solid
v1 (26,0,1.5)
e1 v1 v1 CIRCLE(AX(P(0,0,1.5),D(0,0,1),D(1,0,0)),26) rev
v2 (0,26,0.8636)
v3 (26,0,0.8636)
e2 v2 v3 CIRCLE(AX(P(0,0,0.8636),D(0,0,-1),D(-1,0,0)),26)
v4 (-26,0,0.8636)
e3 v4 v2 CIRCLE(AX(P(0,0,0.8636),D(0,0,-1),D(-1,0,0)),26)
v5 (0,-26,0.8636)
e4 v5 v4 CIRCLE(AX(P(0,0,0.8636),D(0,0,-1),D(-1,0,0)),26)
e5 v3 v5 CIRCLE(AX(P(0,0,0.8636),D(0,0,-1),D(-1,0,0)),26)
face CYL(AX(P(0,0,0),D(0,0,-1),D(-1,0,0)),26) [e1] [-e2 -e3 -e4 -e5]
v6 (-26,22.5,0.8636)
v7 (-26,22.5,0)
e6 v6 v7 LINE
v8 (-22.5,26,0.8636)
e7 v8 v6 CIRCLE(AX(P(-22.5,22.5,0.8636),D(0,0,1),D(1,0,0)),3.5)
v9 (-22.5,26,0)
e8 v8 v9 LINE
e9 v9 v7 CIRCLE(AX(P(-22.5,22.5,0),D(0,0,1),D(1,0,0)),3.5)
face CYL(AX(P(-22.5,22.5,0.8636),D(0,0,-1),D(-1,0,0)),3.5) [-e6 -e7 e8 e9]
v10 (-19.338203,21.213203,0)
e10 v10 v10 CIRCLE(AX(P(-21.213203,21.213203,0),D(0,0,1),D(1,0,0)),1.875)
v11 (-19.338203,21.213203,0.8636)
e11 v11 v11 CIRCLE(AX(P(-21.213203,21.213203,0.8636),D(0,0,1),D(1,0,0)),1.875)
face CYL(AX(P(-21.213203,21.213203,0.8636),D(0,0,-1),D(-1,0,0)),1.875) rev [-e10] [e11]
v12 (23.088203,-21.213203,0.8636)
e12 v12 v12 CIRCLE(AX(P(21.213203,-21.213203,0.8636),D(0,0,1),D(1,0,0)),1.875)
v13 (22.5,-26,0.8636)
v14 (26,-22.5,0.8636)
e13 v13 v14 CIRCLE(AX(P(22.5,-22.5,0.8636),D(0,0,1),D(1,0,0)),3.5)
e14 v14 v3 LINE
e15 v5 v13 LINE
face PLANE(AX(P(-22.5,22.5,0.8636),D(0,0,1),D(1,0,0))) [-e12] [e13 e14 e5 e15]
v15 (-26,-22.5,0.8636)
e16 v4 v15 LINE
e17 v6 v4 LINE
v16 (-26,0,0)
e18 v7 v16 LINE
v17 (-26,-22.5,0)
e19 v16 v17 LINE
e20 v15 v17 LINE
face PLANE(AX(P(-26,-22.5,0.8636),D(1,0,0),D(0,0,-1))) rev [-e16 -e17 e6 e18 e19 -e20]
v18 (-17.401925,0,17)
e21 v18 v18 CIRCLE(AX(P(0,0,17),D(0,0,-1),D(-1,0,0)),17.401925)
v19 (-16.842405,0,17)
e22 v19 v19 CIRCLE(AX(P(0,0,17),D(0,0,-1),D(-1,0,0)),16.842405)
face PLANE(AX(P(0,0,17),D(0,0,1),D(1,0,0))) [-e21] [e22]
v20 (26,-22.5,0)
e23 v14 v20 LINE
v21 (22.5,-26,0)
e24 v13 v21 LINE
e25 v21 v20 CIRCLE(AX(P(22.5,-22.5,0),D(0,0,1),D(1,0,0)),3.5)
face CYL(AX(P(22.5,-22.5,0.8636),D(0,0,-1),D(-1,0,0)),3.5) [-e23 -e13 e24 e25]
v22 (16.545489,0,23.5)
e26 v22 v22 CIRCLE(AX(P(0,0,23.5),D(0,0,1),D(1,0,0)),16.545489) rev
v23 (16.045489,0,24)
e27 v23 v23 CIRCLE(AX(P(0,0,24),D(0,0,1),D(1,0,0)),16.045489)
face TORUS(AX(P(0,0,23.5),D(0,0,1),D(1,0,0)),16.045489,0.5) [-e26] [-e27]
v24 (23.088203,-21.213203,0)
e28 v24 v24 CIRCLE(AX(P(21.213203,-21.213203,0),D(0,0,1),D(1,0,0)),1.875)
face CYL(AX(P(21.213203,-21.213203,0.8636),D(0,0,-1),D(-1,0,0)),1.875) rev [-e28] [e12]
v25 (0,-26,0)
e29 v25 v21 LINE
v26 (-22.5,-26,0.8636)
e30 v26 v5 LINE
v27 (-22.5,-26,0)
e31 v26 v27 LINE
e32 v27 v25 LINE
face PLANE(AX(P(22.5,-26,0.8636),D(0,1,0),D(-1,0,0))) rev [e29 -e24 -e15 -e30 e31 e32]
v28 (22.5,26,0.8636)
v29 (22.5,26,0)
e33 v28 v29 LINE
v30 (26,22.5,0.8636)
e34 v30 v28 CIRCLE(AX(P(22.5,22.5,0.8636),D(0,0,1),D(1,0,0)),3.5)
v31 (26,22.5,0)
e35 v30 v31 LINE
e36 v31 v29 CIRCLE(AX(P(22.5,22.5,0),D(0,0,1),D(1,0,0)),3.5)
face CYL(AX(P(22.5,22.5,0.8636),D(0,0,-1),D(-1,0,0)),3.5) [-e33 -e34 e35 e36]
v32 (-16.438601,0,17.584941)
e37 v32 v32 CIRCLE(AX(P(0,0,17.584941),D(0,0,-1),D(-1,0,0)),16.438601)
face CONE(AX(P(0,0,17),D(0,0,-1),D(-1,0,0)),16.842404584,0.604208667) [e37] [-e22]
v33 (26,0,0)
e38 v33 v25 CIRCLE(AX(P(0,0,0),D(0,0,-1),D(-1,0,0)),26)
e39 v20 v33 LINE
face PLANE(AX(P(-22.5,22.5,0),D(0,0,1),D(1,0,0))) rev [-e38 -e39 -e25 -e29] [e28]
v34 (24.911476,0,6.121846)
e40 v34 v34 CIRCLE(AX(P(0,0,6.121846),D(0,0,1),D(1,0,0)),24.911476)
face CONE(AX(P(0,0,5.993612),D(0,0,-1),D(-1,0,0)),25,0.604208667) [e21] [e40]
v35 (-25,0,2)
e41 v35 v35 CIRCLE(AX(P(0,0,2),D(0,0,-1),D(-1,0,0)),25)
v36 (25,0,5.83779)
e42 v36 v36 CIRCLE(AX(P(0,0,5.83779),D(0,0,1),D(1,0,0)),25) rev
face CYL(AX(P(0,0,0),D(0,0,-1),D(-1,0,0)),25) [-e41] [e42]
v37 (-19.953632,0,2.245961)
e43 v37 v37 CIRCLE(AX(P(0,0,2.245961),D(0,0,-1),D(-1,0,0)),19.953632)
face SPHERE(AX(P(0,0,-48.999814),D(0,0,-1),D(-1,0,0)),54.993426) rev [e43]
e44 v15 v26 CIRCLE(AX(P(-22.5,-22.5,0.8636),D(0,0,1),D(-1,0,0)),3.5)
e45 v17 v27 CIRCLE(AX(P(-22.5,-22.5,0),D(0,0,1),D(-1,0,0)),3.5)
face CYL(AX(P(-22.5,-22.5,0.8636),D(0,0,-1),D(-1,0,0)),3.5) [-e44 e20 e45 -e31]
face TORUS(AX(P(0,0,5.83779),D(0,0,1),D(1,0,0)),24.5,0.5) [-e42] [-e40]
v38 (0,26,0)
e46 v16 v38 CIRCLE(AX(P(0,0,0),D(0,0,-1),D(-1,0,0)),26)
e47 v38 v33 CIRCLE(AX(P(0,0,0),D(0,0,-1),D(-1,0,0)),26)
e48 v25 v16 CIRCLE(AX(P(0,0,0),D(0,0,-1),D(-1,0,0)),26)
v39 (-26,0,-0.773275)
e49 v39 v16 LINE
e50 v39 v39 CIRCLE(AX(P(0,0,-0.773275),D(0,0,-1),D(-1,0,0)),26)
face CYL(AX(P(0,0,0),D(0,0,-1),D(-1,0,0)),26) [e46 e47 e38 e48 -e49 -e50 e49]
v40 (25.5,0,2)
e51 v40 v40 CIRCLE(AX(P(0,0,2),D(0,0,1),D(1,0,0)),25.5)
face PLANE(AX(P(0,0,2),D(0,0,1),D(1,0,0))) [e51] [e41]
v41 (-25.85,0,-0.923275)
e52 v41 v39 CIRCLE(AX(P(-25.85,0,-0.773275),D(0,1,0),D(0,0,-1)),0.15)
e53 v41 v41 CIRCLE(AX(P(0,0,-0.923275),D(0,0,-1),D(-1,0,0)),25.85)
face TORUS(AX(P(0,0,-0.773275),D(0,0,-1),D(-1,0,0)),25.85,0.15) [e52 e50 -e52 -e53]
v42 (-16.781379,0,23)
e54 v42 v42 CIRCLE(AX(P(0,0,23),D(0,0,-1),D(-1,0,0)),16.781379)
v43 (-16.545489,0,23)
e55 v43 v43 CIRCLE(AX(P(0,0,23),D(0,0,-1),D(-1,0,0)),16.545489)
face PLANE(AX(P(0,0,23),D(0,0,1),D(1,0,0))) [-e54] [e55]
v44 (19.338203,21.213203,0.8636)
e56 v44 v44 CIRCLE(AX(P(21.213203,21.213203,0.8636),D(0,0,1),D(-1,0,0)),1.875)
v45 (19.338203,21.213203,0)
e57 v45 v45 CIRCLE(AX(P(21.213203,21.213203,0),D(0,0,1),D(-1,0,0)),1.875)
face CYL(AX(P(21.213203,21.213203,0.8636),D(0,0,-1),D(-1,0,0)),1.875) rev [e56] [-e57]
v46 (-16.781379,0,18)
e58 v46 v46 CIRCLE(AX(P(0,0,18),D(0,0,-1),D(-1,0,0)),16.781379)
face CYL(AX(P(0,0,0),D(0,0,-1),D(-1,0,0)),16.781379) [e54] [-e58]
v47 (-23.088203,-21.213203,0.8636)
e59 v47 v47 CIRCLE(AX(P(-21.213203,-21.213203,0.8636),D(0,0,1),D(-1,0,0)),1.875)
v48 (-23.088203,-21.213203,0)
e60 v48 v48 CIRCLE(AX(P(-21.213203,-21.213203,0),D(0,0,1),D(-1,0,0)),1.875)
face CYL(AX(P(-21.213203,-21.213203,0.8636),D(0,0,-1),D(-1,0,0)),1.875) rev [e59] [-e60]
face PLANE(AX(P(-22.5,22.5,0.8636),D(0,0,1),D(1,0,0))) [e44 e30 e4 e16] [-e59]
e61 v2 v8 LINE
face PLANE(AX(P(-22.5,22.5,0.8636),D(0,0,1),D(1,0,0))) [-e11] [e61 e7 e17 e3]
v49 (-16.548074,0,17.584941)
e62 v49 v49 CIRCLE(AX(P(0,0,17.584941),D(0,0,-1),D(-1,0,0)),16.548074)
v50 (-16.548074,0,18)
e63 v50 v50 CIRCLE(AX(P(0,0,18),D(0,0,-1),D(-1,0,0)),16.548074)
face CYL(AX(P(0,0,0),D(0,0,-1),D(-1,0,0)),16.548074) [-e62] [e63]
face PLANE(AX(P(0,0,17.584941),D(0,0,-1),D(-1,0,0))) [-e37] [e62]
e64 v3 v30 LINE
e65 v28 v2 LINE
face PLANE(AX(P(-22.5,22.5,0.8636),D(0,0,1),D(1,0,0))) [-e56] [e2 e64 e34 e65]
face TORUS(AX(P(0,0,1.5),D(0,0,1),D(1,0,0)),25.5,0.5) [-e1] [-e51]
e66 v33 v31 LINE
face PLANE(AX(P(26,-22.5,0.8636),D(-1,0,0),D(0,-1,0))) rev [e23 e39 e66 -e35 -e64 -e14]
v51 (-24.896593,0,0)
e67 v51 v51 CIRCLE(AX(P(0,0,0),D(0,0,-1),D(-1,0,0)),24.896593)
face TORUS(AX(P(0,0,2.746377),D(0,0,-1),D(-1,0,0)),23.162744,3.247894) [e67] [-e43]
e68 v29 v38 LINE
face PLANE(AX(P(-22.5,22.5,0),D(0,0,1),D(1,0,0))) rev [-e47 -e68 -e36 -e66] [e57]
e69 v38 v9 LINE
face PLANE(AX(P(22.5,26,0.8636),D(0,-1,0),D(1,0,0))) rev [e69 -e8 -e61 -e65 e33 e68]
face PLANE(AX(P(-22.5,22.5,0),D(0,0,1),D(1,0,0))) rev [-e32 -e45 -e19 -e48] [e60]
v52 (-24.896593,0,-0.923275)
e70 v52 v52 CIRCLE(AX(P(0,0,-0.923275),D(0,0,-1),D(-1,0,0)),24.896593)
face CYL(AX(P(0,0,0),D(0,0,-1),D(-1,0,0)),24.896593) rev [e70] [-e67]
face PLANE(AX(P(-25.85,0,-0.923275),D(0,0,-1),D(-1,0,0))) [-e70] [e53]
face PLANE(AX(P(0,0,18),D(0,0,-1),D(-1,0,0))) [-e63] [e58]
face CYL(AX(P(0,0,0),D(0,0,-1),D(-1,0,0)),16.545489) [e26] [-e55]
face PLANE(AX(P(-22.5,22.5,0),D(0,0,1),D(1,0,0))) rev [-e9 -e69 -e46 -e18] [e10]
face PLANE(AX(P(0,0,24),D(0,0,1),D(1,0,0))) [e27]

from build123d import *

# Parameters (mm, degrees)
SKETCH1_R           = 1.8750000000000036
BOSS_EXTRUDE1_DEPTH = 0.8636
FILLET1_R           = 0.5


with BuildPart() as part:
    # Sketch1 → Boss-Extrude1 (new body)
    with BuildSketch(Plane.XY):
        with BuildLine():
            Line((22.49999999999997, -26), (-22.499999999999975, -26.000000000000004))
            ThreePointArc((-22.499999999999975, -26.000000000000004), (-24.974873734152915, -24.97487373415292), (-26, -22.49999999999998))
            Line((-26, -22.49999999999998), (-26, 22.49999999999997))
            ThreePointArc((-26, 22.49999999999997), (-24.974873734152915, 24.97487373415291), (-22.499999999999975, 25.999999999999996))
            Line((-22.499999999999975, 25.999999999999996), (22.499999999999975, 26))
            ThreePointArc((22.499999999999975, 26), (24.974873734152915, 24.974873734152915), (26, 22.499999999999975))
            Line((26, 22.499999999999975), (25.999999999999996, -22.499999999999975))
            ThreePointArc((25.999999999999996, -22.499999999999975), (24.97487373415291, -24.974873734152915), (22.49999999999997, -26))
        make_face()
        with Locations((-21.213203435596427, 21.21320343559642)):
            Circle(SKETCH1_R, mode=Mode.SUBTRACT)
        with Locations(Location((21.213203435596427, 21.21320343559642, 0), (0, 0, 180))):
            Circle(SKETCH1_R, mode=Mode.SUBTRACT)
        with Locations(Location((-21.213203435596427, -21.21320343559642, 0), (0, 0, 180))):
            Circle(SKETCH1_R, mode=Mode.SUBTRACT)
        with Locations((21.213203435596427, -21.21320343559642)):
            Circle(SKETCH1_R, mode=Mode.SUBTRACT)
    extrude(amount=BOSS_EXTRUDE1_DEPTH)

    # Sketch4 → Revolve1 (revolve)
    with BuildSketch(Plane(origin=(0, 0, 0), x_dir=(0, 0, -1), z_dir=(1, 0, 0)), mode=Mode.PRIVATE) as revolve1_sk:
        Polygon((-0.8636, -26), (-0.8636, 0), (-24, -2.94e-15), (-24, -16.545489284823752), (-23, -16.545489284823752), (-23, -16.781378729014488), (-18, -16.781378729014484), (-18, -16.548074110049598), (-17.58494072823025, -16.548074110049598), (-17.58494072823025, -16.43860058443829), (-16.999999999999993, -16.84240458428251), (-16.999999999999993, -17.401925043942242), (-5.993612000725398, -24.999999999999996), (-2, -24.999999999999996), (-2, -26), align=None)
    revolve(revolve1_sk.sketch.rotate(Axis((0, 0, 0), (0, 0, 1)), 270), axis=Axis((0, 0, 0), (0, 0, 1)))

    # Sweep2: sweep along a path in Sketch5
    with BuildLine(Plane(origin=(0, 0, 0), x_dir=(-1, 0, 0), z_dir=(0, 0, -1))) as sweep2_path:
        CenterArc((0, 0), 26, 0, 360)
    # Sketch6 → Sweep2 (sweep)
    with BuildSketch(Plane(origin=(0, 0, 0), x_dir=(1, 0, 0), z_dir=(0, 1, 0))):
        with BuildLine():
            Line((-26, 0), (-24.896593131359168, 0))
            Line((-24.896593131359168, 0), (-24.896593131359168, 0.9232751750687385))
            Line((-24.896593131359168, 0.9232751750687385), (-25.849999999999998, 0.9232751750687386))
            ThreePointArc((-25.849999999999998, 0.9232751750687386), (-25.95606601717798, 0.8793411922467222), (-26, 0.7732751750687386))
            Line((-26, 0.7732751750687386), (-26, 0))
        make_face()
    sweep(path=sweep2_path.line)

    # Sketch7 → Cut-Revolve1 (revolve, cut)
    with BuildSketch(Plane(origin=(0, 0, 0), x_dir=(1, 0, 0), z_dir=(0, 1, 0))):
        with BuildLine():
            Line((-24.896593131359168, 0), (-24.896593131359168, 0.9232751750687385))
            Line((-24.896593131359168, 0.9232751750687385), (0, 0.9232751750687385))
            Line((0, 0.9232751750687385), (-6.94e-15, -5.993612000725398))
            ThreePointArc((-6.94e-15, -5.993612000725398), (-10.151260073303664, -5.048579342585647), (-19.953632182201776, -2.24596113107406))
            ThreePointArc((-19.953632182201776, -2.24596113107406), (-21.819172307480155, 0.21058636163321953), (-24.896593131359168, 0))
        make_face()
    revolve(axis=Axis((0, 0, -0.9232751750687385), (0, 0, 1)), mode=Mode.SUBTRACT)

    # Sketch8 → Revolve2 (revolve)
    with BuildSketch(Plane(origin=(0, 0, 0), x_dir=(1, 0, 0), z_dir=(0, 1, 0))):
        with BuildLine():
            Line((-19.953632182201776, -2.24596113107406), (-24.896593131359168, 0))
            ThreePointArc((-24.896593131359168, 0), (-21.819172307480155, 0.21058636163322175), (-19.953632182201776, -2.24596113107406))
        make_face()
    revolve(axis=Axis((-6.94e-15, 0, 5.993612000725398), (1e-15, 0, -1)))

    # Fillet1
    fillet1_edges = [part.edges().sort_by_distance(p)[0] for p in [
        (16.545489284823752, -5.7e-15, 24),
        (24.999999999999996, -8.61e-15, 5.993612000725398),
        (26, 2.59e-15, 2),
    ]]
    fillet(fillet1_edges, radius=FILLET1_R)


solid = part.part
